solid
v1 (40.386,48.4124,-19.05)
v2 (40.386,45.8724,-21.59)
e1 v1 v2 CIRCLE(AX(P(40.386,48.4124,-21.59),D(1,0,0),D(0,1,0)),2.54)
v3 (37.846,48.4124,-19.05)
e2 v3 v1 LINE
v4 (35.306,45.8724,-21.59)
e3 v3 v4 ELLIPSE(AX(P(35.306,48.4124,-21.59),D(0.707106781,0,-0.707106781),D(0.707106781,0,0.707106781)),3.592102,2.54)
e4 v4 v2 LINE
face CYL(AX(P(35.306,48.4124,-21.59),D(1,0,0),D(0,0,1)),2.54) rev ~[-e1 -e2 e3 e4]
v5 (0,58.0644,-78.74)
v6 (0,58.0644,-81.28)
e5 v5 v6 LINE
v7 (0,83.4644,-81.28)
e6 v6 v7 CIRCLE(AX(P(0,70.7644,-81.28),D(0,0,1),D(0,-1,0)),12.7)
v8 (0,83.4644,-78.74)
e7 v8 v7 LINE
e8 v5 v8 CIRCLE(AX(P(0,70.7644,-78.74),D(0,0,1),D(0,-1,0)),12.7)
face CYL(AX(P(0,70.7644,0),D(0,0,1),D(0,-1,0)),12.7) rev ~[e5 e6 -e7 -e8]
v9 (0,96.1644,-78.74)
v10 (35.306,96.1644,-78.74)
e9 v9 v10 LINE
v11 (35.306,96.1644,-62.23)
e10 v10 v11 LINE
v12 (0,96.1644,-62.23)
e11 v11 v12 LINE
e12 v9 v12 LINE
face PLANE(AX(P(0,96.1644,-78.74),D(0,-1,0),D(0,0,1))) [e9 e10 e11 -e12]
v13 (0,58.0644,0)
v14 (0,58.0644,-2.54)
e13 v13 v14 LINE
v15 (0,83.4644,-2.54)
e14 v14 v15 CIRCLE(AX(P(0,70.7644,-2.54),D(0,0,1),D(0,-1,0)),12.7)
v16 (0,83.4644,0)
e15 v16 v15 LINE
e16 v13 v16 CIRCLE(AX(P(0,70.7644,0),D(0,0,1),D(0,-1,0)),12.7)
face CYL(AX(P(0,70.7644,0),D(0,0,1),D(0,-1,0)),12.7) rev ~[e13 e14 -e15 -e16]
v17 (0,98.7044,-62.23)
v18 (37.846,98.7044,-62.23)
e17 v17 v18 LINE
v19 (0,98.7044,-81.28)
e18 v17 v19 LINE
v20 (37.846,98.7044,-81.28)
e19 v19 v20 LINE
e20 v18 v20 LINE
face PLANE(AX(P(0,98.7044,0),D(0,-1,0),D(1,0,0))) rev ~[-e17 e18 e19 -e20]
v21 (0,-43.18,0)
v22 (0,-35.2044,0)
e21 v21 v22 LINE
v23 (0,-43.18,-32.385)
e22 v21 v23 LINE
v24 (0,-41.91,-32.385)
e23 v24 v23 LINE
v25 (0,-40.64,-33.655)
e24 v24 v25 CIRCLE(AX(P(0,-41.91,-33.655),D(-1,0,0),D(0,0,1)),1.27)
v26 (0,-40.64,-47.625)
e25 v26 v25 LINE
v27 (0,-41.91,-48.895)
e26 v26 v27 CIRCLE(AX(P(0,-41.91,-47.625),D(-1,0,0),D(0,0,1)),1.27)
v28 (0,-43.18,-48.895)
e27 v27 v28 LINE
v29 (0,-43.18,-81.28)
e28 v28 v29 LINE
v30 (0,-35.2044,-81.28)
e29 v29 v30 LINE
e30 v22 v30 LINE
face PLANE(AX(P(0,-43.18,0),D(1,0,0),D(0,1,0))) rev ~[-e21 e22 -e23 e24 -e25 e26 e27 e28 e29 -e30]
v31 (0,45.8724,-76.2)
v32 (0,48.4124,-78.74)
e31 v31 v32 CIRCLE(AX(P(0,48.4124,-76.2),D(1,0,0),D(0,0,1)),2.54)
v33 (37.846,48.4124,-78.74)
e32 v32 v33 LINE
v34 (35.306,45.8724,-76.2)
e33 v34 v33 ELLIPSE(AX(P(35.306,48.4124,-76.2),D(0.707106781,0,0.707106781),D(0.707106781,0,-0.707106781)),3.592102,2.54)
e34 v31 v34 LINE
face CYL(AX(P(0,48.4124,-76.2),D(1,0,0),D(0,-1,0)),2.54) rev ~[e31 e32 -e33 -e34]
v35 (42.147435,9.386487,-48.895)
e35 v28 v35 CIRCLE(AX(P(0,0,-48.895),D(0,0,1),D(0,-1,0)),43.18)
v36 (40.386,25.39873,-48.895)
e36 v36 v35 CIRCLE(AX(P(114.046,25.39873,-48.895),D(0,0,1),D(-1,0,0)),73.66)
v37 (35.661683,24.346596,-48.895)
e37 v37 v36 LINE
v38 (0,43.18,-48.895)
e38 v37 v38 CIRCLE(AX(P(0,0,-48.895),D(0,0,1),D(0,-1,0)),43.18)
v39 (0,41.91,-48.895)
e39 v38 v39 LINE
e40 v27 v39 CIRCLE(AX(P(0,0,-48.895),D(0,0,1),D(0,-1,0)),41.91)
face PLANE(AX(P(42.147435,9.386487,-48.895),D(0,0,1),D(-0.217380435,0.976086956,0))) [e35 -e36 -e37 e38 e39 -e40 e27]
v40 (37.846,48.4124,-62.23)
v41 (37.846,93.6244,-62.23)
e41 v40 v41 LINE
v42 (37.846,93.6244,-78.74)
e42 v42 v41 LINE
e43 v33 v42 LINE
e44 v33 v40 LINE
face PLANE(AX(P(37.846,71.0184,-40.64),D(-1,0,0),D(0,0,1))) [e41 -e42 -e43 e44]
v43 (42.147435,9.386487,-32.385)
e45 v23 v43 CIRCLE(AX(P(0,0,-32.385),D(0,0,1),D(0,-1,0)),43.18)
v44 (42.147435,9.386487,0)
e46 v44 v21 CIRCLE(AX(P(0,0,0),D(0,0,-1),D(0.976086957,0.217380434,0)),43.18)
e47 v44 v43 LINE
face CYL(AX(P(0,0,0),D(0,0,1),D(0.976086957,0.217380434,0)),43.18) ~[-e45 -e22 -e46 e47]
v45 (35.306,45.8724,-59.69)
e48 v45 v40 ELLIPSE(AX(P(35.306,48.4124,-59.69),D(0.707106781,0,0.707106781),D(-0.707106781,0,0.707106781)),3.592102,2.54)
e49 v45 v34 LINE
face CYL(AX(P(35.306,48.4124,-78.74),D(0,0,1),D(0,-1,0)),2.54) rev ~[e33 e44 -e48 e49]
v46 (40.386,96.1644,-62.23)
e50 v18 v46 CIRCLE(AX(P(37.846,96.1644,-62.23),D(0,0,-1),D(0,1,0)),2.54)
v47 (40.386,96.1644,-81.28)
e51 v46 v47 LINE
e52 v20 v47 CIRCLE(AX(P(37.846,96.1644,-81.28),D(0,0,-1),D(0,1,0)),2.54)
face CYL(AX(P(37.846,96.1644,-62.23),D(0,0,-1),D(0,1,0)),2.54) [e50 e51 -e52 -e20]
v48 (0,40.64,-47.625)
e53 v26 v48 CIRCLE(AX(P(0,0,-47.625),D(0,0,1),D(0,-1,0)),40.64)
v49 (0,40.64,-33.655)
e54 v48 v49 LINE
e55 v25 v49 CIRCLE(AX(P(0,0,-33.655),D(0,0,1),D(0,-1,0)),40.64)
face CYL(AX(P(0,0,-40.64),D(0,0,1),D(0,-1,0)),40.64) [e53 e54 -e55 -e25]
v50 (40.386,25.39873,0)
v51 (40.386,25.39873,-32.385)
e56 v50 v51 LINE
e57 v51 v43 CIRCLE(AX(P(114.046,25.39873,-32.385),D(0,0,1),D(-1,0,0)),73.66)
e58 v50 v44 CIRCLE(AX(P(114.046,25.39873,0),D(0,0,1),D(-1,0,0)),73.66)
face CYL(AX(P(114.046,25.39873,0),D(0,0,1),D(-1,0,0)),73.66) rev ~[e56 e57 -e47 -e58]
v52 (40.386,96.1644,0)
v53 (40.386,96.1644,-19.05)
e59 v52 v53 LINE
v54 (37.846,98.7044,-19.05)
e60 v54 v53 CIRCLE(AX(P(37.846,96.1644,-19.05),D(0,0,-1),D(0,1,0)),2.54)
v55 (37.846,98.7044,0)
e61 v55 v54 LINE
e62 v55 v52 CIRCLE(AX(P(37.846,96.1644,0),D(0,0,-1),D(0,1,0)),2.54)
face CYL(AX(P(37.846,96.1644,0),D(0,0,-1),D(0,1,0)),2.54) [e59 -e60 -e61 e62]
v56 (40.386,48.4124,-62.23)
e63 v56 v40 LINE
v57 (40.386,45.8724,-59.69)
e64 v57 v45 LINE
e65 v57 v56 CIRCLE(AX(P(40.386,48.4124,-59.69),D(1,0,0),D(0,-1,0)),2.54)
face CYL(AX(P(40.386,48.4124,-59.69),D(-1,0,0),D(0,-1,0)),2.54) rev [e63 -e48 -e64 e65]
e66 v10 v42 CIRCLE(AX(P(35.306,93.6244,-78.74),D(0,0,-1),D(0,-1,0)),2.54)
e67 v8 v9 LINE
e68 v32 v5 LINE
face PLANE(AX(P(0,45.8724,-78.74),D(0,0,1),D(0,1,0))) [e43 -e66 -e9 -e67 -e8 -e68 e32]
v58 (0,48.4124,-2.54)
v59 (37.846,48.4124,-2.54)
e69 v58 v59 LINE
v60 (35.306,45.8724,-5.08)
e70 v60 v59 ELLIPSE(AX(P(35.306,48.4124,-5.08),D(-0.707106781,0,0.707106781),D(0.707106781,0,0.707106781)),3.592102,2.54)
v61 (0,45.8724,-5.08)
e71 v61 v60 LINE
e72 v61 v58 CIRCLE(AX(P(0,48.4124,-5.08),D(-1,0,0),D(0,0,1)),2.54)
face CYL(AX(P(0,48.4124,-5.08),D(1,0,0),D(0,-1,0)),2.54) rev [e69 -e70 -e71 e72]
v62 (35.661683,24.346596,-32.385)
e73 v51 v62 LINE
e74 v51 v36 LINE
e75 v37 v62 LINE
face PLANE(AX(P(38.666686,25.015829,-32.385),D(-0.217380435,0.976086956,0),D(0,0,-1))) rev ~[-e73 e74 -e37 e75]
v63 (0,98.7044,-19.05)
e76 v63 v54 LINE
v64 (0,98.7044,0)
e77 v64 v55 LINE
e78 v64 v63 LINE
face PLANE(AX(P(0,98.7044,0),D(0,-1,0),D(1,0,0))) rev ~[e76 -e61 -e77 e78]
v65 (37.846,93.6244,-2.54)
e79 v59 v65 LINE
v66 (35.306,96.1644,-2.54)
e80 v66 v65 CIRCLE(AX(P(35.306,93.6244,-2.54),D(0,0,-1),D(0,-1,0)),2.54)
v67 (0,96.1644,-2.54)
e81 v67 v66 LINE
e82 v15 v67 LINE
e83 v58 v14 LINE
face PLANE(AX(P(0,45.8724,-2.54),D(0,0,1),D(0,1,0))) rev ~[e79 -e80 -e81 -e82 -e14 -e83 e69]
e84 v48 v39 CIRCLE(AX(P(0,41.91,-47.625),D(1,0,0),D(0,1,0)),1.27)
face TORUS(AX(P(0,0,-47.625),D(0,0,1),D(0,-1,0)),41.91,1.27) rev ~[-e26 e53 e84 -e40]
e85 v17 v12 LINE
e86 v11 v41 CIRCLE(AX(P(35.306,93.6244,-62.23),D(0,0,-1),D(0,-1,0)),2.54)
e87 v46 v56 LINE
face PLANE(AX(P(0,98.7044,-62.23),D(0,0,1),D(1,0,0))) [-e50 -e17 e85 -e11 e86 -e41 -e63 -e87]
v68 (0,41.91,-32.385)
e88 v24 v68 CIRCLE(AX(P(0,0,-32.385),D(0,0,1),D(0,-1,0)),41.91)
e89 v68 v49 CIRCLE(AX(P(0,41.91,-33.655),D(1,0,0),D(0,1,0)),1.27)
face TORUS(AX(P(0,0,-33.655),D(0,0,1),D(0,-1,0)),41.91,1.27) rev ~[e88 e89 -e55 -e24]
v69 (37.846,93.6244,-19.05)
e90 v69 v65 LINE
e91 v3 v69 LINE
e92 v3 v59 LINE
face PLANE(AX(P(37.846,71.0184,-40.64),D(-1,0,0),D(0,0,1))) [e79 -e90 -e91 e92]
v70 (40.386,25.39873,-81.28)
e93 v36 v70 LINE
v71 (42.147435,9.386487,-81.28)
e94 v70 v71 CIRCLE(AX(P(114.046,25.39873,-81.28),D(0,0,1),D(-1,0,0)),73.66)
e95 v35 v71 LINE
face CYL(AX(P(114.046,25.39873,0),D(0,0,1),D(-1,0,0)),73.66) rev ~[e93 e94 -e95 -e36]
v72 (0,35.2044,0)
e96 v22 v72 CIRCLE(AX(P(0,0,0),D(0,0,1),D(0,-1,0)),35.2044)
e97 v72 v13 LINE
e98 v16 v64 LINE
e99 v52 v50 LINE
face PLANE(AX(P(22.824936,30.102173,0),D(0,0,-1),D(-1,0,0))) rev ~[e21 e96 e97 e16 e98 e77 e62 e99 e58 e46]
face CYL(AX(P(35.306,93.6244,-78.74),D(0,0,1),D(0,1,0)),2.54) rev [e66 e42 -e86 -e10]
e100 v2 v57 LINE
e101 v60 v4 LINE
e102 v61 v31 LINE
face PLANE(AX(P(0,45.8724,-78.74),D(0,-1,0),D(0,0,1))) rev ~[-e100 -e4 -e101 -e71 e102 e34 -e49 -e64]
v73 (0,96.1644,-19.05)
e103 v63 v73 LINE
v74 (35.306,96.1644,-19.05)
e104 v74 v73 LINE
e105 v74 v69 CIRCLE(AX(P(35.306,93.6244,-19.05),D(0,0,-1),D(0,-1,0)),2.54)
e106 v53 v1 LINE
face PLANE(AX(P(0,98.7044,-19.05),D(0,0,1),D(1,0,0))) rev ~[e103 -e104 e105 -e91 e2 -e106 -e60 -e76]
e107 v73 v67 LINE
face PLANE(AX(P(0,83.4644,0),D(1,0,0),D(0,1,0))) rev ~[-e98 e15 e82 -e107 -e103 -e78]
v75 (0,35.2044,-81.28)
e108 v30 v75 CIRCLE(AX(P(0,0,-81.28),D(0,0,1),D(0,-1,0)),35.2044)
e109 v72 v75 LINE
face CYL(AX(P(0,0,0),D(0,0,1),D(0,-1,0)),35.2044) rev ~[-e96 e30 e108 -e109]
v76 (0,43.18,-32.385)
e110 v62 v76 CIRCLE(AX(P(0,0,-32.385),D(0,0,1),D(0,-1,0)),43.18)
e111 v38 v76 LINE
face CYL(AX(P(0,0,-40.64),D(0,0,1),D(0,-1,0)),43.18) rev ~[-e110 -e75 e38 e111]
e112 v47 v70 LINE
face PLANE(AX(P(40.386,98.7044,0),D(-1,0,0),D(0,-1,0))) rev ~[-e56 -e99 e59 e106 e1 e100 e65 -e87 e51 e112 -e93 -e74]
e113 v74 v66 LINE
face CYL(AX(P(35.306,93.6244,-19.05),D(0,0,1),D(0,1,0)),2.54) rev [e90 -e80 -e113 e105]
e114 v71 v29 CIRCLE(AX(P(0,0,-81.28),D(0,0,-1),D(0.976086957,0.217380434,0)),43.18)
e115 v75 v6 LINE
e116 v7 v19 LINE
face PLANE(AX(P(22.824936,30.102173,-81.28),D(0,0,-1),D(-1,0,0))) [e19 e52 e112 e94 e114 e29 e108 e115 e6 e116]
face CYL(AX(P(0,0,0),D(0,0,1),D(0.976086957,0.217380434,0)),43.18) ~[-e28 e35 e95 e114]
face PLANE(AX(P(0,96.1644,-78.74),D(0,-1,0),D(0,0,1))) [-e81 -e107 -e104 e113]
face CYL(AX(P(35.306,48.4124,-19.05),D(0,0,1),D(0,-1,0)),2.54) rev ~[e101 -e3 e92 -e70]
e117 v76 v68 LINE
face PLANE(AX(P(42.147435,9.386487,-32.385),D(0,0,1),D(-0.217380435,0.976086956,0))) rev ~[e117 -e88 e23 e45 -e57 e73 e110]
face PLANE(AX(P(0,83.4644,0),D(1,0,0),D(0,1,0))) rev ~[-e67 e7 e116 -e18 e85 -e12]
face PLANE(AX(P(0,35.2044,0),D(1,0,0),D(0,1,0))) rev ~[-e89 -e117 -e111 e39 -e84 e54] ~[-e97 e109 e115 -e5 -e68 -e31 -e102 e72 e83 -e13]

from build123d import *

# Parameters (mm, degrees)
BOSS_EXTRUDE1_DEPTH            = 81.28
SKETCH3_W                      = 76.2
SKETCH3_H                      = 50.292
CUT_EXTRUDE1_DEPTH             = 37.846
SKETCH4_W                      = 40.386
SKETCH4_H                      = 43.18
CUT_EXTRUDE2_DEPTH             = 52.832
FILLET1_R                      = 2.54
FILLET2_R                      = 2.54
FILLET3_R                      = 2.54
FILLET4_R                      = 2.54
SKETCH7_W                      = 16.51
SKETCH7_H                      = 2.54
CUT_EXTRUDE4_REACH             = 54.566
SKETCH8_W                      = 16.51
SKETCH8_H                      = 16.012242806
CUT_EXTRUDE4_DIRECTION_2_DEPTH = 2.54
FILLET5_R                      = 1.27


with BuildPart() as part:
    # Sketch1 → Boss-Extrude1 (new body)
    with BuildSketch(Plane.XY):
        with BuildLine():
            Line((0, 52.9844), (0, 58.0644))
            ThreePointArc((0, 58.0644), (12.7, 70.7644), (0, 83.4644))
            Line((0, 83.4644), (0, 98.7044))
            Line((0, 98.7044), (40.386, 98.7044))
            Line((40.386, 98.7044), (40.386, 25.398729968))
            ThreePointArc((40.386, 25.398729968), (40.827682914, 17.344312358), (42.147434783, 9.386487162))
            ThreePointArc((42.147434783, 9.386487162), (33.688432107, -27.011144777), (0, -43.18))
            Line((0, -43.18), (0, -35.2044))
            ThreePointArc((0, -35.2044), (35.2044, 0), (0, 35.2044))
            Line((0, 35.2044), (0, 52.9844))
        make_face()
    extrude(amount=-BOSS_EXTRUDE1_DEPTH)

    # Sketch3 → Cut-Extrude1 (cut)
    with BuildSketch(Plane.ZY):
        with Locations((-40.64, 71.0184)):
            Rectangle(SKETCH3_W, SKETCH3_H)
    extrude(amount=-CUT_EXTRUDE1_DEPTH, mode=Mode.SUBTRACT)

    # Sketch4 → Cut-Extrude2 (cut)
    with BuildSketch(Plane(origin=(0, 98.7044, 0), x_dir=(1, 0, 0), z_dir=(0, 1, 0))):
        with Locations((20.193, 40.64)):
            Rectangle(SKETCH4_W, SKETCH4_H)
    extrude(amount=-CUT_EXTRUDE2_DEPTH, mode=Mode.SUBTRACT)

    # Fillet1
    fillet1_edges = [part.edges().sort_by_distance(p)[0] for p in [
        (18.923, 45.8724, -78.74),
        (18.923, 45.8724, -2.54),
        (37.846, 45.8724, -10.795),
        (37.846, 45.8724, -70.485),
    ]]
    fillet(fillet1_edges, radius=FILLET1_R)

    # Fillet2
    fillet2_edges = [part.edges().sort_by_distance(p)[0] for p in [
        (37.846, 96.1644, -70.485),
        (37.846, 96.1644, -10.795),
    ]]
    fillet(fillet2_edges, radius=FILLET2_R)

    # Fillet3
    fillet3_edges = [part.edges().sort_by_distance(p)[0] for p in [
        (36.576, 45.8724, -19.05),
        (36.576, 45.8724, -62.23),
    ]]
    fillet(fillet3_edges, radius=FILLET3_R)

    # Fillet4
    fillet4_edges = [part.edges().sort_by_distance(p)[0] for p in [
        (40.386, 98.7044, -71.755),
        (40.386, 98.7044, -9.525),
    ]]
    fillet(fillet4_edges, radius=FILLET4_R)

    # Sketch7 → Cut-Revolve2 (revolve, cut)
    with BuildSketch(Plane.ZY):
        with Locations((-40.64, -41.91)):
            Rectangle(SKETCH7_W, SKETCH7_H)
    revolve(axis=Axis((0, 0, -81.28), (0, 0, 1)), mode=Mode.SUBTRACT)

    # Sketch8 → Cut-Extrude4 (cut, up to next)
    with BuildSketch(Plane(origin=(42.147434783, 9.386487162, 0), x_dir=(0, 0, -1), z_dir=(0.976086957, 0.217380435, 0)), mode=Mode.PRIVATE) as cut_extrude4_sk1:
        with Locations((40.64, 8.006121403)):
            Rectangle(SKETCH8_W, SKETCH8_H)
    cut_extrude4_tool1 = extrude(cut_extrude4_sk1.sketch, amount=-CUT_EXTRUDE4_REACH, mode=Mode.PRIVATE) & part.part
    add(cut_extrude4_tool1.solids().sort_by_distance((40.407061, 17.201158, -40.64))[0], mode=Mode.SUBTRACT)

    # Sketch8 → Cut-Extrude4 direction 2 (cut)
    with BuildSketch(Plane(origin=(42.147434783, 9.386487162, 0), x_dir=(0, 0, -1), z_dir=(0.976086957, 0.217380435, 0))):
        with Locations((40.64, 8.006121403)):
            Rectangle(SKETCH8_W, SKETCH8_H)
    extrude(amount=CUT_EXTRUDE4_DIRECTION_2_DEPTH, mode=Mode.SUBTRACT)

    # Fillet5
    fillet5_edges = [part.edges().sort_by_distance(p)[0] for p in [
        (40.64, 0, -48.895),
        (40.64, 0, -32.385),
    ]]
    fillet(fillet5_edges, radius=FILLET5_R)


solid = part.part
